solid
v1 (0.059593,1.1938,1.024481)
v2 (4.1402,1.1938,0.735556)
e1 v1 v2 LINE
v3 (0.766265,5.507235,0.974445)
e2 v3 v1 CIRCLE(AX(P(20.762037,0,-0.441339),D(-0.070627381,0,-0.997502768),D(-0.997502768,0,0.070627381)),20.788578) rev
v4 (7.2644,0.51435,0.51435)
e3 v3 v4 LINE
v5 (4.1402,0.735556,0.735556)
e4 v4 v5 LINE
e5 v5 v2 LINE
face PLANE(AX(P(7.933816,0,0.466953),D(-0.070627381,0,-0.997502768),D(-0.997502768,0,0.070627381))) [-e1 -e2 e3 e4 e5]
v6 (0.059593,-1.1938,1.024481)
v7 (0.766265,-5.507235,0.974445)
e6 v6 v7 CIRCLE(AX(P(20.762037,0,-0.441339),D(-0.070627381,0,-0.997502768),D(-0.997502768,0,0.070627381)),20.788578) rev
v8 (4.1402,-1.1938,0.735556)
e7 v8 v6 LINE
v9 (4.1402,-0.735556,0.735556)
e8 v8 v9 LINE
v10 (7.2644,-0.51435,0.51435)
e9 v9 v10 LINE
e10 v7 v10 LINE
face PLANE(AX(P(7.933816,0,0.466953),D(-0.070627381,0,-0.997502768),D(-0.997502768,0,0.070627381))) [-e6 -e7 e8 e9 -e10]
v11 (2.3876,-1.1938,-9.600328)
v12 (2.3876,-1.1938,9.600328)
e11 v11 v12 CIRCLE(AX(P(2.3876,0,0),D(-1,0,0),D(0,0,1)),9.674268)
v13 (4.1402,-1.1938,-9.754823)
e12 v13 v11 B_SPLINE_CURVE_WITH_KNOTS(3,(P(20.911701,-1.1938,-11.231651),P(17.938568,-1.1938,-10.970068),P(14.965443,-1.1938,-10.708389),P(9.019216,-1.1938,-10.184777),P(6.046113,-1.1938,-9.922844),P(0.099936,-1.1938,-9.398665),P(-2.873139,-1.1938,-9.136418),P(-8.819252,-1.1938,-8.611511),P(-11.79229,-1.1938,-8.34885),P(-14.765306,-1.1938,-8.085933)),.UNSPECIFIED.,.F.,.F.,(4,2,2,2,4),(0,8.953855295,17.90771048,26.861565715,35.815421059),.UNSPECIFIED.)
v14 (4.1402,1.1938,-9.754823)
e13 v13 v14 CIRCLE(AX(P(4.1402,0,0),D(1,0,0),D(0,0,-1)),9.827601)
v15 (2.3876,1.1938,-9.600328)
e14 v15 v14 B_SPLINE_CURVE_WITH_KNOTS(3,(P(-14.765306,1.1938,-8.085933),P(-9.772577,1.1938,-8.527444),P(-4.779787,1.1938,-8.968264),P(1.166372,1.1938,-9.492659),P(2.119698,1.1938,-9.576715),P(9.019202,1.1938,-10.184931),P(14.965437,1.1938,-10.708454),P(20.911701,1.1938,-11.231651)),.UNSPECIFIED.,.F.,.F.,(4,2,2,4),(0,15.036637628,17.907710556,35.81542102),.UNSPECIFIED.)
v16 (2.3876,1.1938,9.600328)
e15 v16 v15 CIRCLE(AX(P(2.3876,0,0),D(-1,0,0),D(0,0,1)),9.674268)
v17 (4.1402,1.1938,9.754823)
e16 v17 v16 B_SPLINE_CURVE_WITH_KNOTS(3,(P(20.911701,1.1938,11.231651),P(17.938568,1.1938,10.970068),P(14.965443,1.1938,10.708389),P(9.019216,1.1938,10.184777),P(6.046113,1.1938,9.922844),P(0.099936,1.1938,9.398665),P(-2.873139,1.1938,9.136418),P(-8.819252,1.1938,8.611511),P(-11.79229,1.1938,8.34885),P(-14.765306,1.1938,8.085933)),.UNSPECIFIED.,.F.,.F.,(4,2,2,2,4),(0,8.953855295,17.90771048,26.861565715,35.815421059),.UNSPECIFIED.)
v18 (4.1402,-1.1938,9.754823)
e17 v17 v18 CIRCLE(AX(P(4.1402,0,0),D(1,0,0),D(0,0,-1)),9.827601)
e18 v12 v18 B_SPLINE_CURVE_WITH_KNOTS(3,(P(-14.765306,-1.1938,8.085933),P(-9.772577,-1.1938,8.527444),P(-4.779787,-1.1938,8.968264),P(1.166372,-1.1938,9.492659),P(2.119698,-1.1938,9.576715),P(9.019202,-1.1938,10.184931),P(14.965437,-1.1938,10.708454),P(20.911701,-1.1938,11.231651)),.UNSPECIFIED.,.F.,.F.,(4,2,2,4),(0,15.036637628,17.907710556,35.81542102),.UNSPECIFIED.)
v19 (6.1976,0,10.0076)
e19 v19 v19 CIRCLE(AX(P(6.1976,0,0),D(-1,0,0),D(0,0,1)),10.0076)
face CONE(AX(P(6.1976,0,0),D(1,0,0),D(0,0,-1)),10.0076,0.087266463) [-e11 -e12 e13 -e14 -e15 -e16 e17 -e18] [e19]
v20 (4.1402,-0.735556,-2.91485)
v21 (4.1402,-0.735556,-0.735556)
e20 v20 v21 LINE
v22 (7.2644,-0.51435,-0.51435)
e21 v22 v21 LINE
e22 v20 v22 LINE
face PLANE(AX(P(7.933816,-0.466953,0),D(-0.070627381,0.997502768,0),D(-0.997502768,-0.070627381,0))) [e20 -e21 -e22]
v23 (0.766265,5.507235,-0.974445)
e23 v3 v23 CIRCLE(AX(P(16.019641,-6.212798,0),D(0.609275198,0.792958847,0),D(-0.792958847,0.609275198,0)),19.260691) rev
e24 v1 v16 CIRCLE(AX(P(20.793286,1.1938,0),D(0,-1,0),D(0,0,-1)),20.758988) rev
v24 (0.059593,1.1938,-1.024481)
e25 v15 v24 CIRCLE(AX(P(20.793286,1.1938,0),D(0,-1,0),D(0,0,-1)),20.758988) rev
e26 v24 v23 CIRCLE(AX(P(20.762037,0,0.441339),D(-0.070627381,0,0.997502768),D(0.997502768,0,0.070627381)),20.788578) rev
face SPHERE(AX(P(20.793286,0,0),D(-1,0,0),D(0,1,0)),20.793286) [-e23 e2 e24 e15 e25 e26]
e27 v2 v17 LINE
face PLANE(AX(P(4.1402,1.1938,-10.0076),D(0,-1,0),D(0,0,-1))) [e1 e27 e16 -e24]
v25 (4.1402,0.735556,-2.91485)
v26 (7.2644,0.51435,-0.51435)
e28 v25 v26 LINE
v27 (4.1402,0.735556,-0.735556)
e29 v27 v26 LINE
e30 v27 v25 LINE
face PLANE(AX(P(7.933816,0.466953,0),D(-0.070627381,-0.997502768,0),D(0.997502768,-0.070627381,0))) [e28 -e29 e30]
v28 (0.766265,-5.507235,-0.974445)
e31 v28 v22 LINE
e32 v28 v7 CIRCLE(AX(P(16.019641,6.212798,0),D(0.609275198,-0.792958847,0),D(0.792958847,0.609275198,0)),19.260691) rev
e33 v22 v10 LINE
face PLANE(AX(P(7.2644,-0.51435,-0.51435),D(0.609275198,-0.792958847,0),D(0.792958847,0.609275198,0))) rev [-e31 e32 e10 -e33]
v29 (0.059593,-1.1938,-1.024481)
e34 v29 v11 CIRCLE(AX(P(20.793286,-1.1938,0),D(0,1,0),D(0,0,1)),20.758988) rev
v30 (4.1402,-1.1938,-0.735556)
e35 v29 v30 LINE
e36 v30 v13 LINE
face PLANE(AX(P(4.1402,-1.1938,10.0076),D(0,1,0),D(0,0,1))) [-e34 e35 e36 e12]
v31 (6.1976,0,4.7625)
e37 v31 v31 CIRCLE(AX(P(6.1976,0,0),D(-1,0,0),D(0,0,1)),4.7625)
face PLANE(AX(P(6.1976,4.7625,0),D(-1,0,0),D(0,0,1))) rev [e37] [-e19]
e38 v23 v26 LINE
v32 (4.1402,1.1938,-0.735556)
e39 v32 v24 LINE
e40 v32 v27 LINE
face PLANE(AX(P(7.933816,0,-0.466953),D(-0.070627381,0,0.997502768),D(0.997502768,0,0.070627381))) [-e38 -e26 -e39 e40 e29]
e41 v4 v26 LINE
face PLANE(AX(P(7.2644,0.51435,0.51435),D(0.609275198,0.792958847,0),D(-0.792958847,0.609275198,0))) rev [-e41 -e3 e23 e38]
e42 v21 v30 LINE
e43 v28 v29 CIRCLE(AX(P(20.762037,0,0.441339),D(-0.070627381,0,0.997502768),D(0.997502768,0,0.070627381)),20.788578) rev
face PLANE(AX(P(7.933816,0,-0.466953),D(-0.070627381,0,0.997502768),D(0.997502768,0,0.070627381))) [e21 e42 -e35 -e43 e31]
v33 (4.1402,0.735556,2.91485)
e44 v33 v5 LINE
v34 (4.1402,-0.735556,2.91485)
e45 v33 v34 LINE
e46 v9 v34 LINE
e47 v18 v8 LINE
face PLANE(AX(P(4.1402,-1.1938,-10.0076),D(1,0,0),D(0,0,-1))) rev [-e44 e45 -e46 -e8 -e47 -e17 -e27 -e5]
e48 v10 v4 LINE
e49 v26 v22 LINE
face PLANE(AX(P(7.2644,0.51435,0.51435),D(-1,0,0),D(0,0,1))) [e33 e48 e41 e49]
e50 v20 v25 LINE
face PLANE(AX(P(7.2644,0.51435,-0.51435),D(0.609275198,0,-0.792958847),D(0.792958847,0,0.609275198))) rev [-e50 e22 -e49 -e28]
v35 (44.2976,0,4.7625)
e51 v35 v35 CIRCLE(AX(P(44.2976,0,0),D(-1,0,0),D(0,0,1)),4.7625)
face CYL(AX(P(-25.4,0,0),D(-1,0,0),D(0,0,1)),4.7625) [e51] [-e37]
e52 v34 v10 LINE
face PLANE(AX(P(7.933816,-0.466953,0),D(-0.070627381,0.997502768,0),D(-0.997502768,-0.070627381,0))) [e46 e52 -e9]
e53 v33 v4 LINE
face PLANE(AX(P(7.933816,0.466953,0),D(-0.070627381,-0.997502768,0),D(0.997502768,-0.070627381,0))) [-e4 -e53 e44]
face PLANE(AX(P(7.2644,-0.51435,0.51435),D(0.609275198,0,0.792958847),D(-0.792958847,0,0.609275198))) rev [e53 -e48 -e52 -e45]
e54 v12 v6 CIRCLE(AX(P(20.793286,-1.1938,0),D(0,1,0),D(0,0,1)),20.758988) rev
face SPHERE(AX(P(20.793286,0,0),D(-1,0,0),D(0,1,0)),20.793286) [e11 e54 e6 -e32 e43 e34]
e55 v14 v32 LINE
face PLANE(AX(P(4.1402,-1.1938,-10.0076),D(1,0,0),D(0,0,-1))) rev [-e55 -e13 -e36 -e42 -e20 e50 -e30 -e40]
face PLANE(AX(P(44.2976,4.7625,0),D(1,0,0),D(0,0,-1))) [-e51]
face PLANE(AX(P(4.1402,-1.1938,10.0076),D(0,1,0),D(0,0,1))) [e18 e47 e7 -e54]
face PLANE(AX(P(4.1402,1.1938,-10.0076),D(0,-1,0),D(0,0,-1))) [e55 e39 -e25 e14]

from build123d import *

# Parameters (mm, degrees)
SKETCH2_W         = 20.0152
SKETCH2_H         = 2.3876
SLOT_DEPTH        = 4.1402
CIRPATTERN1_COUNT = 2
CIRPATTERN1_ANGLE = 90


with BuildPart() as part:
    # BodySke → Base-Revolve (revolve)
    with BuildSketch(Plane.XY, mode=Mode.PRIVATE) as base_revolve_sk:
        with BuildLine():
            Line((6.1976, 4.7625), (6.1976, 10.0076))
            Line((6.1976, 10.0076), (2.3876, 9.674268192))
            ThreePointArc((2.3876, 9.674268192), (0.605722555, 4.982271039), (0, 0))
            Line((0, 0), (44.2976, 0))
            Line((44.2976, 0), (44.2976, 4.7625))
            Line((44.2976, 4.7625), (6.1976, 4.7625))
        make_face()
    revolve(base_revolve_sk.sketch.rotate(Axis((-25.4, 0, 0), (1, 0, 0)), 90), axis=Axis((-25.4, 0, 0), (1, 0, 0)))

    # Sketch2 → Slot (cut)
    with BuildSketch(Plane(origin=(0, 0, 0), x_dir=(0, 0, -1), z_dir=(1, 0, 0))):
        Rectangle(SKETCH2_W, SKETCH2_H)
    extrude(amount=SLOT_DEPTH, mode=Mode.SUBTRACT)

    # Sketch3 → Cross section 0
    with BuildSketch(Plane(origin=(0, 0, 0), x_dir=(0, 0, -1), z_dir=(1, 0, 0))):
        with BuildLine():
            Line((-1.0287, 6.096), (1.0287, 6.096))
            Line((1.0287, 6.096), (1.0287, -6.096))
            Line((1.0287, -6.096), (-1.0287, -6.096))
            Line((-1.0287, -6.096), (-1.0287, 6.096))
        make_face()
    # Sketch4 → Cross section 1
    with BuildSketch(Plane(origin=(7.2644, 0, 0), x_dir=(0, 0, -1), z_dir=(1, 0, 0))):
        with BuildLine():
            Line((-0.51435, 0.51435), (0.51435, 0.51435))
            Line((0.51435, 0.51435), (0.51435, -0.51435))
            Line((0.51435, -0.51435), (-0.51435, -0.51435))
            Line((-0.51435, -0.51435), (-0.51435, 0.51435))
        make_face()
    cross = loft(mode=Mode.SUBTRACT)

    # CirPattern1: Cross ×2 about axis
    cirpattern1_axis = Axis((0, 0, 0), (1, 0, 0))
    for i in range(1, CIRPATTERN1_COUNT):
        add(cross.rotate(cirpattern1_axis, i * CIRPATTERN1_ANGLE / (CIRPATTERN1_COUNT - 1)), mode=Mode.SUBTRACT)


solid = part.part
